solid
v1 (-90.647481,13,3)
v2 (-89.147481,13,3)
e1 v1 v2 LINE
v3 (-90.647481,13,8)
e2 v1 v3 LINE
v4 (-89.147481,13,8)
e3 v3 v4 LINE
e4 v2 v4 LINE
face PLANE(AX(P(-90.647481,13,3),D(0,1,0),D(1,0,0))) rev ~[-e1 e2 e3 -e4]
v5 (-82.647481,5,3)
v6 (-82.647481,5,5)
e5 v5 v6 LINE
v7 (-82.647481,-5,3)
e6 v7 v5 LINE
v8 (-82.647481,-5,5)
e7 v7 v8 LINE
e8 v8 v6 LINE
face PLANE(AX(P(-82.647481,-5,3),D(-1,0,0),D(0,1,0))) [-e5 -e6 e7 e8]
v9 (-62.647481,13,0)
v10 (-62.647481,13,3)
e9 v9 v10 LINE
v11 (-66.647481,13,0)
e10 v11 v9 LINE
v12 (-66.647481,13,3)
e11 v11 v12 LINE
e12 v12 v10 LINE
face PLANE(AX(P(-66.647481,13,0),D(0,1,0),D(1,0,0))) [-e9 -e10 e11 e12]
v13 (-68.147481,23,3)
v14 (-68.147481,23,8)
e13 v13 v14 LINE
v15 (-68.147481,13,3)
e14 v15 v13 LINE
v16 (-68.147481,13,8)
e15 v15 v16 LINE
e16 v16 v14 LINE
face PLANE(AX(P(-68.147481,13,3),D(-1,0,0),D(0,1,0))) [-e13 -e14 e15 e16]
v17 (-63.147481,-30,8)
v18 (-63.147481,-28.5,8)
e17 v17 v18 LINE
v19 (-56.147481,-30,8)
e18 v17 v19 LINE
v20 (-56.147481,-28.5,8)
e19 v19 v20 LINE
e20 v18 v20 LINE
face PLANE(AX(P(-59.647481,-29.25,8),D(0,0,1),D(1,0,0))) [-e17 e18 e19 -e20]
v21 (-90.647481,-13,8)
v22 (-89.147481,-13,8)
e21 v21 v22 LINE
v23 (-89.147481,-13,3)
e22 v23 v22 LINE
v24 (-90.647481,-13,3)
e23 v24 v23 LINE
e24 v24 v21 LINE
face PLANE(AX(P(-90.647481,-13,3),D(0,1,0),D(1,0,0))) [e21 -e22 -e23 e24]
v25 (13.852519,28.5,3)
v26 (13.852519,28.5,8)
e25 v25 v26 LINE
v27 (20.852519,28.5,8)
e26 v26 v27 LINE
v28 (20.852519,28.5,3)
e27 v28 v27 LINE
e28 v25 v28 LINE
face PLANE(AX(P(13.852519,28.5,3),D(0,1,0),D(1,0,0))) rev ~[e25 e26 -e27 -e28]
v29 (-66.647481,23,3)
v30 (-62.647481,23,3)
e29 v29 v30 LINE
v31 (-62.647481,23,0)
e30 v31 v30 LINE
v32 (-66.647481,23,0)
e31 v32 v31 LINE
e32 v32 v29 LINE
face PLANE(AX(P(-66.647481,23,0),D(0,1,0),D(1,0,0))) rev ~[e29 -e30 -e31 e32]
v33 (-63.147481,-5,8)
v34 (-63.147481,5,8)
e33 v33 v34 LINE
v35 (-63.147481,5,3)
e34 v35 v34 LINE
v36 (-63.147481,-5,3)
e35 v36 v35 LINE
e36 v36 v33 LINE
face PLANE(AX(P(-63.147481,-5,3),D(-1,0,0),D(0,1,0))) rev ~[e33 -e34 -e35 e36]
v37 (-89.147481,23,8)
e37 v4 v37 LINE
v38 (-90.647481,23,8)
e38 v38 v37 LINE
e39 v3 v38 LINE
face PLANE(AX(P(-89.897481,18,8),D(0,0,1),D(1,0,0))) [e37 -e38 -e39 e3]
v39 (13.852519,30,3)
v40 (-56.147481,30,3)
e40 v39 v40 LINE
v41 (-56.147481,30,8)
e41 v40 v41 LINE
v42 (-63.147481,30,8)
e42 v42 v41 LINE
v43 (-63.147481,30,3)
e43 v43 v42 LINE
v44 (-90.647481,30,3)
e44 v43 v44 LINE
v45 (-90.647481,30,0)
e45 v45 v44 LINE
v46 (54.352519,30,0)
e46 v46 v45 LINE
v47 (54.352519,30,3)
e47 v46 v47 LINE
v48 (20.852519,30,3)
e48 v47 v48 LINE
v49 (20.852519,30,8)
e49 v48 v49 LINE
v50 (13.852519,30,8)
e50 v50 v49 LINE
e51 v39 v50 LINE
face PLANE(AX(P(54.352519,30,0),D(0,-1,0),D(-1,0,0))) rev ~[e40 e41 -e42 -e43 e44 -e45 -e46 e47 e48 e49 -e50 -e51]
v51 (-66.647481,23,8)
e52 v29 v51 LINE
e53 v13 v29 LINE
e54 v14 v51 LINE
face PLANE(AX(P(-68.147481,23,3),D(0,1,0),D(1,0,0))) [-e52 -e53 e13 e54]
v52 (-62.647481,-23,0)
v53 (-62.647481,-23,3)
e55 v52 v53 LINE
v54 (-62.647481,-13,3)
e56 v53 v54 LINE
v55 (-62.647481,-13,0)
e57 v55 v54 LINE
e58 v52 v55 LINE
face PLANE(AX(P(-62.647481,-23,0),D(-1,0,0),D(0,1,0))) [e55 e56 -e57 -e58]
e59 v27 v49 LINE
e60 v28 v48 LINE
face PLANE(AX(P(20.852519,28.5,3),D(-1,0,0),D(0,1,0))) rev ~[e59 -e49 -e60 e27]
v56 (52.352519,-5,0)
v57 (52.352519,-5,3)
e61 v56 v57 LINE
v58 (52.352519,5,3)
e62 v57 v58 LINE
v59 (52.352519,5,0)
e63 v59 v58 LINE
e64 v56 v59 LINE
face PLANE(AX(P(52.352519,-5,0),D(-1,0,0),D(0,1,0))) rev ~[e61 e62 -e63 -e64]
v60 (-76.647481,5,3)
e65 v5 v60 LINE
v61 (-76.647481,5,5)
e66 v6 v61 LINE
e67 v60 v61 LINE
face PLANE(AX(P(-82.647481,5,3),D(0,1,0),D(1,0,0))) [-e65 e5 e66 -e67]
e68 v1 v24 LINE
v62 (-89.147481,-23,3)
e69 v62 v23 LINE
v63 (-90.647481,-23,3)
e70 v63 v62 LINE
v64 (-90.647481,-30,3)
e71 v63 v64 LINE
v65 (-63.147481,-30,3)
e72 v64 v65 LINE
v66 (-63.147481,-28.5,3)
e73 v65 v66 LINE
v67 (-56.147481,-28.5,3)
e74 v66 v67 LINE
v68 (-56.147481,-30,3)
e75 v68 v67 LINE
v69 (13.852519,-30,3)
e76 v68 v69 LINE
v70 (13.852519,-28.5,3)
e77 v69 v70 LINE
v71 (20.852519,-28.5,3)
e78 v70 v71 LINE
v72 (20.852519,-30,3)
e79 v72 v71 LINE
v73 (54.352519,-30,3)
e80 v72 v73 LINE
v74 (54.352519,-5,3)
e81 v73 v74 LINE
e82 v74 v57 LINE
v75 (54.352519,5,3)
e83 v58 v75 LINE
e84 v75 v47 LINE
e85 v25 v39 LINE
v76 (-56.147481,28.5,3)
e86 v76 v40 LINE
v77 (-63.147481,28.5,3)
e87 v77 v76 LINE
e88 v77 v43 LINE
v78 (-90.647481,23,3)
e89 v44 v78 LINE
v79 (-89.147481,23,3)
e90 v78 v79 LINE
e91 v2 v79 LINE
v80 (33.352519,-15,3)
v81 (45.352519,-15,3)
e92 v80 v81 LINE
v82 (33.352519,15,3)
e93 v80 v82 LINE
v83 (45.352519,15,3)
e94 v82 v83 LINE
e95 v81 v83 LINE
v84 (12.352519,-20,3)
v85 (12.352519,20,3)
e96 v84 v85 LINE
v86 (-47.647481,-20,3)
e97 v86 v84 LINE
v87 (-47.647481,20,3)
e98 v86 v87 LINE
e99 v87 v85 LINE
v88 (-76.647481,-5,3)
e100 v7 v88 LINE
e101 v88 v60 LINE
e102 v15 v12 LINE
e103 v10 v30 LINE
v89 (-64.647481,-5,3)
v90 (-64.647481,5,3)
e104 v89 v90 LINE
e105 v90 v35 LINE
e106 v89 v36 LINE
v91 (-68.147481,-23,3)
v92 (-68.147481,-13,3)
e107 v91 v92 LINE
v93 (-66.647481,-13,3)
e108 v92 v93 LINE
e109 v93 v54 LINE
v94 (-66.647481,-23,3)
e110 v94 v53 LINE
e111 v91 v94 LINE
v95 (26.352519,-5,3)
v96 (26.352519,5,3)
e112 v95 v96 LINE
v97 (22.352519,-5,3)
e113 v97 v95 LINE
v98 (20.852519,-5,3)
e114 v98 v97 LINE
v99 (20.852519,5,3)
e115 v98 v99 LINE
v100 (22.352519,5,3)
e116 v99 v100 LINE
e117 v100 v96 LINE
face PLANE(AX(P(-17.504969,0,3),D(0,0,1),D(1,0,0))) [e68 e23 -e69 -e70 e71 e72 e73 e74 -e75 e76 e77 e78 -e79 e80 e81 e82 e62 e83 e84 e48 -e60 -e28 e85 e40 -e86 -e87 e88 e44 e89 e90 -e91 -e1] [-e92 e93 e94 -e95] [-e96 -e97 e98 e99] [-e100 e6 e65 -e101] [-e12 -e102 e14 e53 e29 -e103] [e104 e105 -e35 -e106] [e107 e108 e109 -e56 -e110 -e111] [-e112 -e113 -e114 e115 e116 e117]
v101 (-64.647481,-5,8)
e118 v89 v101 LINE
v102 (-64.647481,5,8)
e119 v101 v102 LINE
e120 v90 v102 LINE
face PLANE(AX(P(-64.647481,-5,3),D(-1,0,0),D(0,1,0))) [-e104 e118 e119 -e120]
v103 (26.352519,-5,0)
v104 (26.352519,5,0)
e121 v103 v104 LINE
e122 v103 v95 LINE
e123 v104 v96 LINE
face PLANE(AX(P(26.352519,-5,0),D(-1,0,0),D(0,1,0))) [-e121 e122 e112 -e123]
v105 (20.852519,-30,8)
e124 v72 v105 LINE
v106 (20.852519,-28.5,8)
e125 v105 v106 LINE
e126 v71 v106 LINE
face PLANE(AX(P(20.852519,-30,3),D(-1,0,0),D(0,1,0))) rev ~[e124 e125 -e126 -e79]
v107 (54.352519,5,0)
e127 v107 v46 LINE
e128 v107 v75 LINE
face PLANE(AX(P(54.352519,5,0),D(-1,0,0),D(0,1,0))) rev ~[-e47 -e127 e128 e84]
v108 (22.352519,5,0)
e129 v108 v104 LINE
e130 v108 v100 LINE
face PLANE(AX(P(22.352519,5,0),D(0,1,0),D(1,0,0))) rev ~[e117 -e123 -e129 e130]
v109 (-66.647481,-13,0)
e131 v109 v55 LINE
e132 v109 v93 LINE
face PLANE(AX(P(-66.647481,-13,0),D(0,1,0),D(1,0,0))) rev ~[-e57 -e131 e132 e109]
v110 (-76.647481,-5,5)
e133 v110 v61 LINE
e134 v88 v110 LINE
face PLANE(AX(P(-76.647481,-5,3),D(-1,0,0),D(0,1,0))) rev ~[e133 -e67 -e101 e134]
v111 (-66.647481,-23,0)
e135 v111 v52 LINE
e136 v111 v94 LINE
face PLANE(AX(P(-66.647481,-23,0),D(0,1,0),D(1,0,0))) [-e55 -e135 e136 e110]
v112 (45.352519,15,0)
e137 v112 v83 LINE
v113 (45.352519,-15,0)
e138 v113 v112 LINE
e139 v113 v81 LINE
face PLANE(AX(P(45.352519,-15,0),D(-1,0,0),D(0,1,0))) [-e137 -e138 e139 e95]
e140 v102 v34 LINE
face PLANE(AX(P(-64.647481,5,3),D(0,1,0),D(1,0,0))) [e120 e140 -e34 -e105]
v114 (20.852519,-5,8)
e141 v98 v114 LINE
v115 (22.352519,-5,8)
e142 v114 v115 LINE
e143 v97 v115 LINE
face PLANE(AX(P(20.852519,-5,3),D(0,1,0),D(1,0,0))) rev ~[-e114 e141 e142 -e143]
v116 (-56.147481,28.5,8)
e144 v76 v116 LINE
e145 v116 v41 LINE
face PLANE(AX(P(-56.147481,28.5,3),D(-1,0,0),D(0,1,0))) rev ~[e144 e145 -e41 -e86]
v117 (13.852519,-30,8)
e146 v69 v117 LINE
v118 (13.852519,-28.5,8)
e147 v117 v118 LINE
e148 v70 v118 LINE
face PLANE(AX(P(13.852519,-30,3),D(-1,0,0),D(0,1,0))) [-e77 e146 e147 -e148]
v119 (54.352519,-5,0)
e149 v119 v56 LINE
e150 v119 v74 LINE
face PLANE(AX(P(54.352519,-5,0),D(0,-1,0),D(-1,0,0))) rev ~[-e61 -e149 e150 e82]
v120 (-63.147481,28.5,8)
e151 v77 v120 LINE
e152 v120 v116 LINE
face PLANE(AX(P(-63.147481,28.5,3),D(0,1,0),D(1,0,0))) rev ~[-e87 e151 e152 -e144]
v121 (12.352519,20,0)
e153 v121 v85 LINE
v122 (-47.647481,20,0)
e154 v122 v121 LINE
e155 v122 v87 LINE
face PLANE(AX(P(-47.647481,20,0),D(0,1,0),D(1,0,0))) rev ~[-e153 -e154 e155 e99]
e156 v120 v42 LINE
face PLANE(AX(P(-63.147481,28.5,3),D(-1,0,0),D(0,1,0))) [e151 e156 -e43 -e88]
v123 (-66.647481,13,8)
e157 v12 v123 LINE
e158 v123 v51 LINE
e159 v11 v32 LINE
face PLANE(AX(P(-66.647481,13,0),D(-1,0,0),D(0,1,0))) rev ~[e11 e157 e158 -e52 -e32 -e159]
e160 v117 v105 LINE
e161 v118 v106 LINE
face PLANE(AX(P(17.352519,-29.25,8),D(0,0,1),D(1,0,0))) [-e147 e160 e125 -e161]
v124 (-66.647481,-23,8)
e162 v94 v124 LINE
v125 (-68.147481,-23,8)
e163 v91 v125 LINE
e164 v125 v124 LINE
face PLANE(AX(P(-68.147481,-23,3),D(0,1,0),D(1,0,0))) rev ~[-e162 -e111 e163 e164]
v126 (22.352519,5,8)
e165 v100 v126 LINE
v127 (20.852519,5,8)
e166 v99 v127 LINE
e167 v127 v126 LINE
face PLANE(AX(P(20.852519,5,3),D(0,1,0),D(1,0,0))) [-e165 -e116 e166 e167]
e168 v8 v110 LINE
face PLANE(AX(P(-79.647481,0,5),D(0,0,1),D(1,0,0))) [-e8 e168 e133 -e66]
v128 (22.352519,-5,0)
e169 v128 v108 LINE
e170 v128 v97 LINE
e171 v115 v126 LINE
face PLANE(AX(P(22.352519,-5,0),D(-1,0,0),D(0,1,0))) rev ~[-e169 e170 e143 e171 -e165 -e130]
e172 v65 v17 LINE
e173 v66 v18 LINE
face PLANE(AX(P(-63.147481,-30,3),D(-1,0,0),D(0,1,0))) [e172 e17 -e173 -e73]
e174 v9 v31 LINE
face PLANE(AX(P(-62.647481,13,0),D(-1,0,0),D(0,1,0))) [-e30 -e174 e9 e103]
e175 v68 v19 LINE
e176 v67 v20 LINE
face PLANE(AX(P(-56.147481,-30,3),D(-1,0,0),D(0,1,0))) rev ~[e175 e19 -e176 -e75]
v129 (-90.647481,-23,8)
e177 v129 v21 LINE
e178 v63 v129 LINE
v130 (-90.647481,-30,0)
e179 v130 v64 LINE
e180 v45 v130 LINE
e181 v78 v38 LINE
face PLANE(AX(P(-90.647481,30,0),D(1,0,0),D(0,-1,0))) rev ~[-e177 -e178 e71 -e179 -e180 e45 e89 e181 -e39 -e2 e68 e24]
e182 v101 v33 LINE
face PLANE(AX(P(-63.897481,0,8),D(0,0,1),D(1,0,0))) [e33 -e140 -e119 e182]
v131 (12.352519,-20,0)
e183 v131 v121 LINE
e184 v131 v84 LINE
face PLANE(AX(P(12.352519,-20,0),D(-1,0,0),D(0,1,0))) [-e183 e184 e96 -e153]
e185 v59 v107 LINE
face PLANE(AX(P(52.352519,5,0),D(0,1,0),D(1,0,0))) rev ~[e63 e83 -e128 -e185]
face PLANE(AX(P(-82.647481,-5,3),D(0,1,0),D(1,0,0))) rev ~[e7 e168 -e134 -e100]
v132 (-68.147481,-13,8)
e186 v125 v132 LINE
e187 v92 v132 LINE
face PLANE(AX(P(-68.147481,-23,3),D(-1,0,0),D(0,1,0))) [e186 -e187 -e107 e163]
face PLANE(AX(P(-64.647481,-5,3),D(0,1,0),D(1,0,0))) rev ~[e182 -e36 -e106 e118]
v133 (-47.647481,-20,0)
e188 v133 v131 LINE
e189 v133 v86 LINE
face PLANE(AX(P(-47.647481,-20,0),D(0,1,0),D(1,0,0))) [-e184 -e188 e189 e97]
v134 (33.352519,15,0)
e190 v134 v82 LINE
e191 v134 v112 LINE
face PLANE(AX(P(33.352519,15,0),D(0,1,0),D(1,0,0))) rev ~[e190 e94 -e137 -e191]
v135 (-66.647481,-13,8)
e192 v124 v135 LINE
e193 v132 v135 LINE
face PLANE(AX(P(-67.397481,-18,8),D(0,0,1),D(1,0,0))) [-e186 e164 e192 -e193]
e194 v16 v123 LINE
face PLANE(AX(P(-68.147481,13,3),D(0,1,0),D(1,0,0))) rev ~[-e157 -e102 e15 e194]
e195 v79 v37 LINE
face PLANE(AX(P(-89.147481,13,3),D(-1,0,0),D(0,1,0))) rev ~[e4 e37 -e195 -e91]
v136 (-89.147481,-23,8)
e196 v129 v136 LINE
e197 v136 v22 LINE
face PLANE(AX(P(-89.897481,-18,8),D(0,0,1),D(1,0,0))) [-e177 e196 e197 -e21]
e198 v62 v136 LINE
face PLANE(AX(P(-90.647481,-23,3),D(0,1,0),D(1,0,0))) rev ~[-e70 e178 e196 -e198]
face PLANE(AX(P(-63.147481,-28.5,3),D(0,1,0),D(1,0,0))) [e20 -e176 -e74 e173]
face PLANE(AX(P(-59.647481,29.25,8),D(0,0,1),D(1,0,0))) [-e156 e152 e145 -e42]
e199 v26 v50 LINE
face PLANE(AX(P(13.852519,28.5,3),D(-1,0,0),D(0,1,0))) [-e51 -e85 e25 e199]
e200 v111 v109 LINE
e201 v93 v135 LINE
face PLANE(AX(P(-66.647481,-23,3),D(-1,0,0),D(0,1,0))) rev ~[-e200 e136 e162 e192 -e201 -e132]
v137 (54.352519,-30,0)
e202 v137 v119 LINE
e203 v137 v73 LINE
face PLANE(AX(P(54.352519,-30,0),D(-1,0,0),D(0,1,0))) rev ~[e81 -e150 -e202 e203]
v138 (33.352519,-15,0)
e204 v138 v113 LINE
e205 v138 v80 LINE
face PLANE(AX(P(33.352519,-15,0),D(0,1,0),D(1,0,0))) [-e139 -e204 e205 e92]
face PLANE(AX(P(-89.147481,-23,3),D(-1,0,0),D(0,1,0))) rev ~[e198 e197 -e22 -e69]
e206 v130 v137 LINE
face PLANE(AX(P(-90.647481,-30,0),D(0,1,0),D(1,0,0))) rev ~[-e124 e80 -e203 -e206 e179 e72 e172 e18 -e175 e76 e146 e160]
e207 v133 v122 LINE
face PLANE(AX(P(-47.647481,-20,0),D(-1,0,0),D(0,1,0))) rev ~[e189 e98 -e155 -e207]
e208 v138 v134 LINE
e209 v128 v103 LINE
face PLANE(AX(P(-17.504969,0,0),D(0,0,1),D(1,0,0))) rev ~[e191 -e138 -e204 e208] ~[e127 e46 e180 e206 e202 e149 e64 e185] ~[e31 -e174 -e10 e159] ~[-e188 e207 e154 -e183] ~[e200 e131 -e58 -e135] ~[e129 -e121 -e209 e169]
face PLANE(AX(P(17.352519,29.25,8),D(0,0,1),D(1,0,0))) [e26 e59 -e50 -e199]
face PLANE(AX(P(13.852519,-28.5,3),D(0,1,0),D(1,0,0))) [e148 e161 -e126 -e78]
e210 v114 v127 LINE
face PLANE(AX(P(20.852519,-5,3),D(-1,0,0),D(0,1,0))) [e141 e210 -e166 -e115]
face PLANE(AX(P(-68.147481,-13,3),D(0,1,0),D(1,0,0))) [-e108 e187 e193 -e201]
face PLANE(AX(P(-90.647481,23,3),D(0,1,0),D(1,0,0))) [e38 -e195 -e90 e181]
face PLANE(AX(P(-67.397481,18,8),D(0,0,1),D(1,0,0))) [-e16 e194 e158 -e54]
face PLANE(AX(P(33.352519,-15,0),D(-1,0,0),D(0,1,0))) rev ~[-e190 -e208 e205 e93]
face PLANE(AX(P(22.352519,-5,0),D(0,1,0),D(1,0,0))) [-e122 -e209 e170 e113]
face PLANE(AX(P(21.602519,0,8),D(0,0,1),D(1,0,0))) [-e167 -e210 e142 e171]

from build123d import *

# Parameters (mm, degrees)
F0_W     = 4
F0_H     = 10
F0_W_2   = 60
F0_H_2   = 40
F0_W_3   = 12
F0_H_3   = 30
F1_DEPTH = 3
F2_W     = 1.5
F2_H     = 10
F2_W_2   = 7
F2_H_2   = 1.5
F3_DEPTH = 5
F4_W     = 6
F4_H     = 10
F5_DEPTH = 2


with BuildPart() as f1:
    # F0 (on Top) → F1 (new body)
    with BuildSketch(Plane.XY):
        Polygon((54.352519, 30), (-90.647481, 30), (-90.647481, -30), (54.352519, -30), (54.352519, -5), (52.352519, -5), (52.352519, 5), (54.352519, 5), align=None)
        with Locations((-64.647481, -18)):
            Rectangle(F0_W, F0_H, mode=Mode.SUBTRACT)
        with Locations((-64.647481, 18)):
            Rectangle(F0_W, F0_H, mode=Mode.SUBTRACT)
        with Locations((-17.647481, 0)):
            Rectangle(F0_W_2, F0_H_2, mode=Mode.SUBTRACT)
        with Locations((24.352519, 0)):
            Rectangle(F0_W, F0_H, mode=Mode.SUBTRACT)
        with Locations((39.352519, 0)):
            Rectangle(F0_W_3, F0_H_3, mode=Mode.SUBTRACT)
    extrude(amount=F1_DEPTH)

    # F2 (on face) → F3 (join)
    with BuildSketch(Plane.XY.offset(3)):
        with Locations((-67.397481, -18)):
            Rectangle(F2_W, F2_H)
        with Locations((-89.897481, -18)):
            Rectangle(F2_W, F2_H)
        with Locations((-67.397481, 18)):
            Rectangle(F2_W, F2_H)
        with Locations((-89.897481, 18)):
            Rectangle(F2_W, F2_H)
        with Locations((-59.647481, -29.25)):
            Rectangle(F2_W_2, F2_H_2)
        with Locations((17.352519, -29.25)):
            Rectangle(F2_W_2, F2_H_2)
        with Locations((-59.647481, 29.25)):
            Rectangle(F2_W_2, F2_H_2)
        with Locations((17.352519, 29.25)):
            Rectangle(F2_W_2, F2_H_2)
        with Locations((21.602519, 0)):
            Rectangle(F2_W, F2_H)
        with Locations((-63.897481, 0)):
            Rectangle(F2_W, F2_H)
    extrude(amount=F3_DEPTH)

    # F4 (on face) → F5 (join)
    with BuildSketch(Plane.XY.offset(3)):
        with Locations((-79.647481, 0)):
            Rectangle(F4_W, F4_H)
    extrude(amount=F5_DEPTH)


solid = f1.part
